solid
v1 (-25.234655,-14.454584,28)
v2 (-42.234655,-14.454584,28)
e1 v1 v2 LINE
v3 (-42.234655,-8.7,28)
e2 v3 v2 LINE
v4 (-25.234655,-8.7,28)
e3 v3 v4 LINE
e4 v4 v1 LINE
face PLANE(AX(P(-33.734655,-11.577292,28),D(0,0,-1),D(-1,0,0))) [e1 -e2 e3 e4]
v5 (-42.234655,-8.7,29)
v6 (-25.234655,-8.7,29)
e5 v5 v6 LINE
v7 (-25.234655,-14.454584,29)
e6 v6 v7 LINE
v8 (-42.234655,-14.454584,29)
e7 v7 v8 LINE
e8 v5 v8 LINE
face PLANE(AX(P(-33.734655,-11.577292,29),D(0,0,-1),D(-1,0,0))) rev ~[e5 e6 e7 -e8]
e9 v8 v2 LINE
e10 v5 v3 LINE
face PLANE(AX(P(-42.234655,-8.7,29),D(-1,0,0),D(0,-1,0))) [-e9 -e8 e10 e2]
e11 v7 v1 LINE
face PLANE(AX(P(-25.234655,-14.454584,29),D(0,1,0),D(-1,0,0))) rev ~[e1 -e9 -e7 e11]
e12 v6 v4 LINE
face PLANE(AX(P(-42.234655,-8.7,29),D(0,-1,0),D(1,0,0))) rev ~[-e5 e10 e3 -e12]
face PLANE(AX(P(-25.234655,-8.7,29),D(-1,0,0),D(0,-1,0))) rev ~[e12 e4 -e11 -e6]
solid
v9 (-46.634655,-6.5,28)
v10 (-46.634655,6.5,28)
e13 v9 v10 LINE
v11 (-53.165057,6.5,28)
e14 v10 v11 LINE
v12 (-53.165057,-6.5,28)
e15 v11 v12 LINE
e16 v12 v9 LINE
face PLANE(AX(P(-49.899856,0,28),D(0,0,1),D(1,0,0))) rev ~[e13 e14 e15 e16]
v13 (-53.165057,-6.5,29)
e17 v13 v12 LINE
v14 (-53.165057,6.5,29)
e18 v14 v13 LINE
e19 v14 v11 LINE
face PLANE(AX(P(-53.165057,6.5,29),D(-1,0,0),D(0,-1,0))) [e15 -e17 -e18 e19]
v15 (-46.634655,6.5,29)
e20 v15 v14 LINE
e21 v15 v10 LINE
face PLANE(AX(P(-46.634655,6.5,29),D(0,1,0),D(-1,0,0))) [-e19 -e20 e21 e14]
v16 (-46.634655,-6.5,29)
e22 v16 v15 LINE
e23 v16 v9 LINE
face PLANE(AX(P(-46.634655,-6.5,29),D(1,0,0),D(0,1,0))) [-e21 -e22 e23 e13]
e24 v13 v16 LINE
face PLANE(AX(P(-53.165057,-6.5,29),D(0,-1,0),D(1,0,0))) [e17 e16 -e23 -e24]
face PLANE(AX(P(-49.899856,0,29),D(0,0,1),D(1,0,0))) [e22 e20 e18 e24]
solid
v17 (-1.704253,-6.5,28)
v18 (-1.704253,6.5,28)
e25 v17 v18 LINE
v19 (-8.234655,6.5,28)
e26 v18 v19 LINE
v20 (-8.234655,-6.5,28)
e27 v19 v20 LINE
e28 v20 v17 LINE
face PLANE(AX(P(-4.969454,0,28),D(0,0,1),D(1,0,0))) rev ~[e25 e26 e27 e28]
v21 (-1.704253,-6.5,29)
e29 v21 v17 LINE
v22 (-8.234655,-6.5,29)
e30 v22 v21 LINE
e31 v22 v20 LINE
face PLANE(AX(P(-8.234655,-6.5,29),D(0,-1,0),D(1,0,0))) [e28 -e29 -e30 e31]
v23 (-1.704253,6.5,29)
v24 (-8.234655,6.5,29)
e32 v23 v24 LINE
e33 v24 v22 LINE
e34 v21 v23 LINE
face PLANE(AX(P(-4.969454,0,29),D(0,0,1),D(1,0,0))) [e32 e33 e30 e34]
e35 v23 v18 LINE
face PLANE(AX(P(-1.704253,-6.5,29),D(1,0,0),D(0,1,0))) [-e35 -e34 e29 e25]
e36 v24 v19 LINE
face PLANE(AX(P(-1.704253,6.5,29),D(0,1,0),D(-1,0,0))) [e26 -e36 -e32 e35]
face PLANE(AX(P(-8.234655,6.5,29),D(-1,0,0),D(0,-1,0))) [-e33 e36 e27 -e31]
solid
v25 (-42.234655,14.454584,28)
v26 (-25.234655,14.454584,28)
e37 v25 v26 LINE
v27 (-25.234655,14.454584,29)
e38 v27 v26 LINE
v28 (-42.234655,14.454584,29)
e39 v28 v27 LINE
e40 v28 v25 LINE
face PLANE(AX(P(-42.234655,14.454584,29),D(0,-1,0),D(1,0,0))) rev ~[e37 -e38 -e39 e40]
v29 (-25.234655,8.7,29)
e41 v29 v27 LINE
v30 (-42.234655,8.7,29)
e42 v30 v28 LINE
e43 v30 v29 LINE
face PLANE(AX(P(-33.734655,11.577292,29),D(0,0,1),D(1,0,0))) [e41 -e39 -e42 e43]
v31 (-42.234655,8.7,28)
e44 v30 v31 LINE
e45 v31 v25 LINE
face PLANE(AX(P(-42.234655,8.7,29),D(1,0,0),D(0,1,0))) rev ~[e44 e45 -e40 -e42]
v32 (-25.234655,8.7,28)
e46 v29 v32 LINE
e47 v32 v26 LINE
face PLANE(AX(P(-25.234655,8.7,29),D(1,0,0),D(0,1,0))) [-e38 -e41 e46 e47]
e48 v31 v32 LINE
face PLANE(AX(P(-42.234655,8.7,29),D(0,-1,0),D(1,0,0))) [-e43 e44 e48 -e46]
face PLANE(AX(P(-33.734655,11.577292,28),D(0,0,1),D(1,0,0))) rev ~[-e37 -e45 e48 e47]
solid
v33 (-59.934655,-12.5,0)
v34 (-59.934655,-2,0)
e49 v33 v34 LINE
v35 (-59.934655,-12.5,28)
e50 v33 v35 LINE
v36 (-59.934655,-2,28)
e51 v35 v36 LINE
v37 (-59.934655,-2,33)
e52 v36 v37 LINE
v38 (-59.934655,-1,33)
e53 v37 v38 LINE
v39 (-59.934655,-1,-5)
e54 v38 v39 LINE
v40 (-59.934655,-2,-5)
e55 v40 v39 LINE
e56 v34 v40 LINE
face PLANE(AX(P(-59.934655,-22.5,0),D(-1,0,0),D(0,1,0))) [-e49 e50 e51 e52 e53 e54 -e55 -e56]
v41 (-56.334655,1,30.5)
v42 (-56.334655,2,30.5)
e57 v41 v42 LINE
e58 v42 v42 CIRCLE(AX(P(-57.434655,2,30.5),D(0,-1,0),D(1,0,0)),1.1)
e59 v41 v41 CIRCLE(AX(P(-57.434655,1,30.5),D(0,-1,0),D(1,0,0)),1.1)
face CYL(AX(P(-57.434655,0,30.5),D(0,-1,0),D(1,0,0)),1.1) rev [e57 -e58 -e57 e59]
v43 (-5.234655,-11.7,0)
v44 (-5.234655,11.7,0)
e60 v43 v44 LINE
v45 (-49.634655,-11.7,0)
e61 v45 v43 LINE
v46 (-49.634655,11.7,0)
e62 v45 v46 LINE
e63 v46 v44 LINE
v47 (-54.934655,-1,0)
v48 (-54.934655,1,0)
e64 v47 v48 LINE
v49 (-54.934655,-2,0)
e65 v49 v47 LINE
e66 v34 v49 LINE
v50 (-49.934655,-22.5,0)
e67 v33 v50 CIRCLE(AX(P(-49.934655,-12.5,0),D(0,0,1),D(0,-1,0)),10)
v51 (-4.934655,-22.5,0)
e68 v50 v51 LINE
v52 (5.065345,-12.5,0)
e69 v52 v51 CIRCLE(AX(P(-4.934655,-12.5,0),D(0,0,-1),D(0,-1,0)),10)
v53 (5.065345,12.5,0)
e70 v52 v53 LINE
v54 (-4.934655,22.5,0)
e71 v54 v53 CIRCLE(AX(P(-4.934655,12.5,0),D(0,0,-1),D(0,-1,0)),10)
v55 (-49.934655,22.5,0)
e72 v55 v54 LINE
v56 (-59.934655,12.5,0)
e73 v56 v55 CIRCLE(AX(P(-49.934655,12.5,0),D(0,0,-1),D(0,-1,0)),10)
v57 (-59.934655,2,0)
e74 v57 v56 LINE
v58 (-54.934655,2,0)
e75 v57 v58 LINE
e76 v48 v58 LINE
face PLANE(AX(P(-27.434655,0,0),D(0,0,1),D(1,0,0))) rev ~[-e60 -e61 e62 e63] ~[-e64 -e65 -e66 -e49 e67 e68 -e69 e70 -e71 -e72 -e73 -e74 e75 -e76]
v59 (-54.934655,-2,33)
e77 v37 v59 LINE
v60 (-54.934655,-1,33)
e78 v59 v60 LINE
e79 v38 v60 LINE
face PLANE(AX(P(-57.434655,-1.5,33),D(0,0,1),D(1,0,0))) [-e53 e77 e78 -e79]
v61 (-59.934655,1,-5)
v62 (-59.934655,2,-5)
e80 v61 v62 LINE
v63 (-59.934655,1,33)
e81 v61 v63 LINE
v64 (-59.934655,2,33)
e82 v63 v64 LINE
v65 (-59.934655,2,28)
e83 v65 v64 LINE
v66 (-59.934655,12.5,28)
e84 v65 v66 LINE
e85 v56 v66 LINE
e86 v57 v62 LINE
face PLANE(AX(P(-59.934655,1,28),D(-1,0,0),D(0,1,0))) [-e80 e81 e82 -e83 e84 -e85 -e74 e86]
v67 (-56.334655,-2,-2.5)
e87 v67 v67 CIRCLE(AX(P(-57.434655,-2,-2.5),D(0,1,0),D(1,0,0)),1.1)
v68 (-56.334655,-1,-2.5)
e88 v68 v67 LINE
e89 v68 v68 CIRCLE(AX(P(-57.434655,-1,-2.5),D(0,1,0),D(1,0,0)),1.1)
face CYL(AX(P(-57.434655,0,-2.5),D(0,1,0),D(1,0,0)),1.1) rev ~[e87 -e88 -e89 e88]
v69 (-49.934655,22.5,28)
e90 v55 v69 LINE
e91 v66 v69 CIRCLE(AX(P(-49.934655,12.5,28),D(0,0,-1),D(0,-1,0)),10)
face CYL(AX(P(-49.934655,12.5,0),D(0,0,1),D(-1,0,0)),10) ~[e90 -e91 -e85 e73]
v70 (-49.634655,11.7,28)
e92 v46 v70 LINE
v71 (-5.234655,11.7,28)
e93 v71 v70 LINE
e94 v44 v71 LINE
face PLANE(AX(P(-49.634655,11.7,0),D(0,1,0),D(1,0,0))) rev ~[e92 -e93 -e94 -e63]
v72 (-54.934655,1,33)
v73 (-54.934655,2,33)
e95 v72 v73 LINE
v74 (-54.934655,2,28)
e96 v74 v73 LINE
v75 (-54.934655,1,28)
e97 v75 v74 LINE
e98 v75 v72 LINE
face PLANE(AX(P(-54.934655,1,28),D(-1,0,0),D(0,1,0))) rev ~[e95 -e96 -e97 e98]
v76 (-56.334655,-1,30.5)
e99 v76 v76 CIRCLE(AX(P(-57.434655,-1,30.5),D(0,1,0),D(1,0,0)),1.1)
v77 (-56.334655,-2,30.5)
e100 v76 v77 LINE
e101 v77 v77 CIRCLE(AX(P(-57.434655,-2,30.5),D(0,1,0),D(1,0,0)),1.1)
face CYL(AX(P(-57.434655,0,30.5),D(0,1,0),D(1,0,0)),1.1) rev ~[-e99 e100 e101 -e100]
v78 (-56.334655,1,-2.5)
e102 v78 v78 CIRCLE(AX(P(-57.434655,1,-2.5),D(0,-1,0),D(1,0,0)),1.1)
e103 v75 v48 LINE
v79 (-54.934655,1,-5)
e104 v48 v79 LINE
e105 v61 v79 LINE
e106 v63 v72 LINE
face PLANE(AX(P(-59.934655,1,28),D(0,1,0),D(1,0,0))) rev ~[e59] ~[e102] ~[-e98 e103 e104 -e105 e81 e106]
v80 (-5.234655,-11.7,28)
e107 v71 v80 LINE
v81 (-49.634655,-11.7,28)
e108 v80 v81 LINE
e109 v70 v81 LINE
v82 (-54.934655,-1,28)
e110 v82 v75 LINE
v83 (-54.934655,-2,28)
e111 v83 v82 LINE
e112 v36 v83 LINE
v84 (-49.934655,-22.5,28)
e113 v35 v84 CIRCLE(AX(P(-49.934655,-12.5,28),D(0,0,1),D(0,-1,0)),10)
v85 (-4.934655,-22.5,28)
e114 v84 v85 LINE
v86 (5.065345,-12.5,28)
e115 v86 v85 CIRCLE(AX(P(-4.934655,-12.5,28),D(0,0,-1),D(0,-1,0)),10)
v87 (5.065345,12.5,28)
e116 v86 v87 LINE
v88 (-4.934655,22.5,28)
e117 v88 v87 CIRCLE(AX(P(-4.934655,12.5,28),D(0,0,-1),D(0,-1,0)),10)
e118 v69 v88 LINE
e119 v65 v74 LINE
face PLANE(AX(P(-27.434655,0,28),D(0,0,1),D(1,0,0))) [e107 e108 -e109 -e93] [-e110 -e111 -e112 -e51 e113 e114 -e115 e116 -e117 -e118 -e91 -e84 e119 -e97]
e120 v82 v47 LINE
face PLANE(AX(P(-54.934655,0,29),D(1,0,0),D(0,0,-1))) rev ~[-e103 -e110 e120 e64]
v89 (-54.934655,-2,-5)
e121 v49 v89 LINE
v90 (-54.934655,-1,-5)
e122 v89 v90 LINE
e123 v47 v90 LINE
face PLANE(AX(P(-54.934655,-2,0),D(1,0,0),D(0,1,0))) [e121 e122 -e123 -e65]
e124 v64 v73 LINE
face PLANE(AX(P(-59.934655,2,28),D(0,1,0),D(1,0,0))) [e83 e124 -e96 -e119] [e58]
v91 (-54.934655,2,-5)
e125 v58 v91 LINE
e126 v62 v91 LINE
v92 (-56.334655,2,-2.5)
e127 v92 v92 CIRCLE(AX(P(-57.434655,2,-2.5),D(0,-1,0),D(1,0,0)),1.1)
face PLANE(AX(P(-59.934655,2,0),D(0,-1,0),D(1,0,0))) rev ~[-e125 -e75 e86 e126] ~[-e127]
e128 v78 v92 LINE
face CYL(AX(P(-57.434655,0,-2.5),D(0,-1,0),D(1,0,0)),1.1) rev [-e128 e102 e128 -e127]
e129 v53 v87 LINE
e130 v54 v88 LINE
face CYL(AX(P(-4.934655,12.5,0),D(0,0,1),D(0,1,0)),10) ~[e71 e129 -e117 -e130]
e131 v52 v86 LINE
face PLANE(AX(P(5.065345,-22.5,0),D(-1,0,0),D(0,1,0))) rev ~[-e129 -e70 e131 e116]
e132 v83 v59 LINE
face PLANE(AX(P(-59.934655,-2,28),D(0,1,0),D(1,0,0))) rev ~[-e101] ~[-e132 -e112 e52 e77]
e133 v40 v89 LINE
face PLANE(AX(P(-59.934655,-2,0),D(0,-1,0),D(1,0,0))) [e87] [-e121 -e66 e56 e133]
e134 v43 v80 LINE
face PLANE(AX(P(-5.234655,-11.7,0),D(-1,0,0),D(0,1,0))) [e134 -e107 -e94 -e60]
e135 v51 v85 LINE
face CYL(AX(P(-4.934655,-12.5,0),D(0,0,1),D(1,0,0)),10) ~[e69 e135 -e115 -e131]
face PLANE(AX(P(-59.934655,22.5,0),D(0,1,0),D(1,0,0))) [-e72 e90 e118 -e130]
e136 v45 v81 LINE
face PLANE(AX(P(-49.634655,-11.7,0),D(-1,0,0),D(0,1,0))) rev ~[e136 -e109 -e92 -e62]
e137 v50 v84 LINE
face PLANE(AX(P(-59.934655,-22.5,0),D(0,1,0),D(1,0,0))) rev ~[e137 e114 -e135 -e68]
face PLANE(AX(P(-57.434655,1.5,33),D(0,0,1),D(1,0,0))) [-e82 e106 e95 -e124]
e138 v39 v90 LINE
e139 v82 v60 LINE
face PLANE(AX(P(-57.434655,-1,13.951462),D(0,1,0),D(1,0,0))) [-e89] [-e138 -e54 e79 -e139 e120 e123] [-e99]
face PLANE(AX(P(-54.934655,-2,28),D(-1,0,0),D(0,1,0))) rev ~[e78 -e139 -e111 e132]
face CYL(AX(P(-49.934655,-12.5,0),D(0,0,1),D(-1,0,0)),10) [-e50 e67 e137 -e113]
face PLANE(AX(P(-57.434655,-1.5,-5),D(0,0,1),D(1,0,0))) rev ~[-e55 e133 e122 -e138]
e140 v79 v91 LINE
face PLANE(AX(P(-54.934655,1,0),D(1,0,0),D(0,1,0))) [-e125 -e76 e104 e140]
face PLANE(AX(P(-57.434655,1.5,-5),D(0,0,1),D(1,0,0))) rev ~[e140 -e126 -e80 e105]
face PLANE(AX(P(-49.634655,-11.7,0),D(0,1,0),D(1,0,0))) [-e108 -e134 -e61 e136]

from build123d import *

# Parameters (mm, degrees)
SKETCH_1_W               = 65
SKETCH_1_H               = 45
EXTRUDE_1_DEPTH          = 28
SKETCH_2_W               = 44.4
SKETCH_2_H               = 23.4
CUT_EXTRUDE_1_DEPTH      = 39
FILLET_1_R               = 10
FILLET_2_R               = 10
FILLET_3_R               = 10
FILLET_4_R               = 10
EXTRUDE_6_DEPTH          = 1
EXTRUDE_6_2_DEPTH        = 1
EXTRUDE_6_3_DEPTH        = 1
SKETCH_10_W              = 17
SKETCH_10_H              = 5.754584259
EXTRUDE_6_4_DEPTH        = 1
SKETCH_19_W              = 5
SKETCH_19_H              = 30.097075205
CUT_EXTRUDE_3_DEPTH      = 1
CUT_EXTRUDE_3_DEPTH_BACK = 1
SKETCH_20_W              = 5
SKETCH_20_H              = 1
EXTRUDE_12_DEPTH         = 5
SKETCH_21_W              = 5
SKETCH_21_H              = 1
EXTRUDE_13_DEPTH         = 5
SKETCH_22_R              = 1.1
CUT_EXTRUDE_4_DEPTH      = 5
CUT_EXTRUDE_4_DEPTH_BACK = 5


with BuildPart() as part:
    # 草圖1 → 填料-伸長1 (new body)
    with BuildSketch(Plane.XY):
        with Locations((-27.434655272, 0)):
            Rectangle(SKETCH_1_W, SKETCH_1_H)
    extrude(amount=EXTRUDE_1_DEPTH)

    # 草圖2 → 除料-伸長1 (cut)
    with BuildSketch(Plane.XY):
        with Locations((-27.434655272, 0)):
            Rectangle(SKETCH_2_W, SKETCH_2_H)
    extrude(amount=CUT_EXTRUDE_1_DEPTH, mode=Mode.SUBTRACT)

    # 圓角1
    fillet_1_edges = [part.edges().sort_by_distance(p)[0] for p in [
        (-59.934655272, -22.5, 14),
    ]]
    fillet(fillet_1_edges, radius=FILLET_1_R)

    # 圓角2
    fillet_2_edges = [part.edges().sort_by_distance(p)[0] for p in [
        (-59.934655272, 22.5, 14),
    ]]
    fillet(fillet_2_edges, radius=FILLET_2_R)

    # 圓角3
    fillet_3_edges = [part.edges().sort_by_distance(p)[0] for p in [
        (5.065344728, 22.5, 14),
    ]]
    fillet(fillet_3_edges, radius=FILLET_3_R)

    # 圓角4
    fillet_4_edges = [part.edges().sort_by_distance(p)[0] for p in [
        (5.065344728, -22.5, 14),
    ]]
    fillet(fillet_4_edges, radius=FILLET_4_R)

    # 草圖19 → 除料-伸長3 (cut, two sides)
    with BuildSketch(Plane(origin=(0, 0, 0), x_dir=(1, 0, 0), z_dir=(0, 1, 0))) as cut_extrude_3_sk:
        with Locations((-57.434655272, -13.951462398)):
            Rectangle(SKETCH_19_W, SKETCH_19_H)
    extrude(amount=CUT_EXTRUDE_3_DEPTH, mode=Mode.SUBTRACT)
    extrude(cut_extrude_3_sk.sketch, amount=-CUT_EXTRUDE_3_DEPTH_BACK, mode=Mode.SUBTRACT)

    # 草圖20 → 填料-伸長12 (add)
    with BuildSketch(Plane.XY):
        with Locations((-57.434655272, 1.5)):
            Rectangle(SKETCH_20_W, SKETCH_20_H)
        with Locations((-57.434655272, -1.5)):
            Rectangle(SKETCH_20_W, SKETCH_20_H)
    extrude(amount=-EXTRUDE_12_DEPTH)

    # 草圖21 → 填料-伸長13 (add)
    with BuildSketch(Plane.XY.offset(28)):
        with Locations((-57.434655272, 1.5)):
            Rectangle(SKETCH_21_W, SKETCH_21_H)
        with Locations((-57.434655272, -1.5)):
            Rectangle(SKETCH_21_W, SKETCH_21_H)
    extrude(amount=EXTRUDE_13_DEPTH)

    # 草圖22 → 除料-伸長4 (cut, two sides)
    with BuildSketch(Plane(origin=(0, 0, 0), x_dir=(1, 0, 0), z_dir=(0, 1, 0))) as cut_extrude_4_sk:
        with Locations((-57.434655272, -30.5)):
            Circle(SKETCH_22_R)
        with Locations((-57.434655272, 2.5)):
            Circle(SKETCH_22_R)
    extrude(amount=CUT_EXTRUDE_4_DEPTH, mode=Mode.SUBTRACT)
    extrude(cut_extrude_4_sk.sketch, amount=-CUT_EXTRUDE_4_DEPTH_BACK, mode=Mode.SUBTRACT)


with BuildPart() as body_2:
    # 草圖10 → 填料-伸長6 (new body)
    with BuildSketch(Plane.XY.offset(29)):
        Polygon((-49.634655272, 6.5), (-53.165057103, 6.5), (-53.165057103, -6.5), (-46.634655272, -6.5), (-46.634655272, 6.5), align=None)
    extrude(amount=-EXTRUDE_6_DEPTH)


with BuildPart() as body_3:
    # 草圖10 → Extrude 6 2 (new body)
    with BuildSketch(Plane.XY.offset(29)):
        Polygon((-42.234655272, -11.7), (-42.234655272, -8.7), (-25.234655272, -8.7), (-25.234655272, -14.454584259), (-42.234655272, -14.454584259), align=None)
    extrude(amount=-EXTRUDE_6_2_DEPTH)


with BuildPart() as body_4:
    # 草圖10 → Extrude 6 3 (new body)
    with BuildSketch(Plane.XY.offset(29)):
        Polygon((-8.234655272, 6.5), (-8.234655272, -6.5), (-5.234655272, -6.5), (-1.70425344, -6.5), (-1.70425344, 6.5), align=None)
    extrude(amount=-EXTRUDE_6_3_DEPTH)


with BuildPart() as body_5:
    # 草圖10 → Extrude 6 4 (new body)
    with BuildSketch(Plane.XY.offset(29)):
        with Locations((-33.734655272, 11.57729213)):
            Rectangle(SKETCH_10_W, SKETCH_10_H)
    extrude(amount=-EXTRUDE_6_4_DEPTH)


solid = Compound([part.part, body_2.part, body_3.part, body_4.part, body_5.part])
